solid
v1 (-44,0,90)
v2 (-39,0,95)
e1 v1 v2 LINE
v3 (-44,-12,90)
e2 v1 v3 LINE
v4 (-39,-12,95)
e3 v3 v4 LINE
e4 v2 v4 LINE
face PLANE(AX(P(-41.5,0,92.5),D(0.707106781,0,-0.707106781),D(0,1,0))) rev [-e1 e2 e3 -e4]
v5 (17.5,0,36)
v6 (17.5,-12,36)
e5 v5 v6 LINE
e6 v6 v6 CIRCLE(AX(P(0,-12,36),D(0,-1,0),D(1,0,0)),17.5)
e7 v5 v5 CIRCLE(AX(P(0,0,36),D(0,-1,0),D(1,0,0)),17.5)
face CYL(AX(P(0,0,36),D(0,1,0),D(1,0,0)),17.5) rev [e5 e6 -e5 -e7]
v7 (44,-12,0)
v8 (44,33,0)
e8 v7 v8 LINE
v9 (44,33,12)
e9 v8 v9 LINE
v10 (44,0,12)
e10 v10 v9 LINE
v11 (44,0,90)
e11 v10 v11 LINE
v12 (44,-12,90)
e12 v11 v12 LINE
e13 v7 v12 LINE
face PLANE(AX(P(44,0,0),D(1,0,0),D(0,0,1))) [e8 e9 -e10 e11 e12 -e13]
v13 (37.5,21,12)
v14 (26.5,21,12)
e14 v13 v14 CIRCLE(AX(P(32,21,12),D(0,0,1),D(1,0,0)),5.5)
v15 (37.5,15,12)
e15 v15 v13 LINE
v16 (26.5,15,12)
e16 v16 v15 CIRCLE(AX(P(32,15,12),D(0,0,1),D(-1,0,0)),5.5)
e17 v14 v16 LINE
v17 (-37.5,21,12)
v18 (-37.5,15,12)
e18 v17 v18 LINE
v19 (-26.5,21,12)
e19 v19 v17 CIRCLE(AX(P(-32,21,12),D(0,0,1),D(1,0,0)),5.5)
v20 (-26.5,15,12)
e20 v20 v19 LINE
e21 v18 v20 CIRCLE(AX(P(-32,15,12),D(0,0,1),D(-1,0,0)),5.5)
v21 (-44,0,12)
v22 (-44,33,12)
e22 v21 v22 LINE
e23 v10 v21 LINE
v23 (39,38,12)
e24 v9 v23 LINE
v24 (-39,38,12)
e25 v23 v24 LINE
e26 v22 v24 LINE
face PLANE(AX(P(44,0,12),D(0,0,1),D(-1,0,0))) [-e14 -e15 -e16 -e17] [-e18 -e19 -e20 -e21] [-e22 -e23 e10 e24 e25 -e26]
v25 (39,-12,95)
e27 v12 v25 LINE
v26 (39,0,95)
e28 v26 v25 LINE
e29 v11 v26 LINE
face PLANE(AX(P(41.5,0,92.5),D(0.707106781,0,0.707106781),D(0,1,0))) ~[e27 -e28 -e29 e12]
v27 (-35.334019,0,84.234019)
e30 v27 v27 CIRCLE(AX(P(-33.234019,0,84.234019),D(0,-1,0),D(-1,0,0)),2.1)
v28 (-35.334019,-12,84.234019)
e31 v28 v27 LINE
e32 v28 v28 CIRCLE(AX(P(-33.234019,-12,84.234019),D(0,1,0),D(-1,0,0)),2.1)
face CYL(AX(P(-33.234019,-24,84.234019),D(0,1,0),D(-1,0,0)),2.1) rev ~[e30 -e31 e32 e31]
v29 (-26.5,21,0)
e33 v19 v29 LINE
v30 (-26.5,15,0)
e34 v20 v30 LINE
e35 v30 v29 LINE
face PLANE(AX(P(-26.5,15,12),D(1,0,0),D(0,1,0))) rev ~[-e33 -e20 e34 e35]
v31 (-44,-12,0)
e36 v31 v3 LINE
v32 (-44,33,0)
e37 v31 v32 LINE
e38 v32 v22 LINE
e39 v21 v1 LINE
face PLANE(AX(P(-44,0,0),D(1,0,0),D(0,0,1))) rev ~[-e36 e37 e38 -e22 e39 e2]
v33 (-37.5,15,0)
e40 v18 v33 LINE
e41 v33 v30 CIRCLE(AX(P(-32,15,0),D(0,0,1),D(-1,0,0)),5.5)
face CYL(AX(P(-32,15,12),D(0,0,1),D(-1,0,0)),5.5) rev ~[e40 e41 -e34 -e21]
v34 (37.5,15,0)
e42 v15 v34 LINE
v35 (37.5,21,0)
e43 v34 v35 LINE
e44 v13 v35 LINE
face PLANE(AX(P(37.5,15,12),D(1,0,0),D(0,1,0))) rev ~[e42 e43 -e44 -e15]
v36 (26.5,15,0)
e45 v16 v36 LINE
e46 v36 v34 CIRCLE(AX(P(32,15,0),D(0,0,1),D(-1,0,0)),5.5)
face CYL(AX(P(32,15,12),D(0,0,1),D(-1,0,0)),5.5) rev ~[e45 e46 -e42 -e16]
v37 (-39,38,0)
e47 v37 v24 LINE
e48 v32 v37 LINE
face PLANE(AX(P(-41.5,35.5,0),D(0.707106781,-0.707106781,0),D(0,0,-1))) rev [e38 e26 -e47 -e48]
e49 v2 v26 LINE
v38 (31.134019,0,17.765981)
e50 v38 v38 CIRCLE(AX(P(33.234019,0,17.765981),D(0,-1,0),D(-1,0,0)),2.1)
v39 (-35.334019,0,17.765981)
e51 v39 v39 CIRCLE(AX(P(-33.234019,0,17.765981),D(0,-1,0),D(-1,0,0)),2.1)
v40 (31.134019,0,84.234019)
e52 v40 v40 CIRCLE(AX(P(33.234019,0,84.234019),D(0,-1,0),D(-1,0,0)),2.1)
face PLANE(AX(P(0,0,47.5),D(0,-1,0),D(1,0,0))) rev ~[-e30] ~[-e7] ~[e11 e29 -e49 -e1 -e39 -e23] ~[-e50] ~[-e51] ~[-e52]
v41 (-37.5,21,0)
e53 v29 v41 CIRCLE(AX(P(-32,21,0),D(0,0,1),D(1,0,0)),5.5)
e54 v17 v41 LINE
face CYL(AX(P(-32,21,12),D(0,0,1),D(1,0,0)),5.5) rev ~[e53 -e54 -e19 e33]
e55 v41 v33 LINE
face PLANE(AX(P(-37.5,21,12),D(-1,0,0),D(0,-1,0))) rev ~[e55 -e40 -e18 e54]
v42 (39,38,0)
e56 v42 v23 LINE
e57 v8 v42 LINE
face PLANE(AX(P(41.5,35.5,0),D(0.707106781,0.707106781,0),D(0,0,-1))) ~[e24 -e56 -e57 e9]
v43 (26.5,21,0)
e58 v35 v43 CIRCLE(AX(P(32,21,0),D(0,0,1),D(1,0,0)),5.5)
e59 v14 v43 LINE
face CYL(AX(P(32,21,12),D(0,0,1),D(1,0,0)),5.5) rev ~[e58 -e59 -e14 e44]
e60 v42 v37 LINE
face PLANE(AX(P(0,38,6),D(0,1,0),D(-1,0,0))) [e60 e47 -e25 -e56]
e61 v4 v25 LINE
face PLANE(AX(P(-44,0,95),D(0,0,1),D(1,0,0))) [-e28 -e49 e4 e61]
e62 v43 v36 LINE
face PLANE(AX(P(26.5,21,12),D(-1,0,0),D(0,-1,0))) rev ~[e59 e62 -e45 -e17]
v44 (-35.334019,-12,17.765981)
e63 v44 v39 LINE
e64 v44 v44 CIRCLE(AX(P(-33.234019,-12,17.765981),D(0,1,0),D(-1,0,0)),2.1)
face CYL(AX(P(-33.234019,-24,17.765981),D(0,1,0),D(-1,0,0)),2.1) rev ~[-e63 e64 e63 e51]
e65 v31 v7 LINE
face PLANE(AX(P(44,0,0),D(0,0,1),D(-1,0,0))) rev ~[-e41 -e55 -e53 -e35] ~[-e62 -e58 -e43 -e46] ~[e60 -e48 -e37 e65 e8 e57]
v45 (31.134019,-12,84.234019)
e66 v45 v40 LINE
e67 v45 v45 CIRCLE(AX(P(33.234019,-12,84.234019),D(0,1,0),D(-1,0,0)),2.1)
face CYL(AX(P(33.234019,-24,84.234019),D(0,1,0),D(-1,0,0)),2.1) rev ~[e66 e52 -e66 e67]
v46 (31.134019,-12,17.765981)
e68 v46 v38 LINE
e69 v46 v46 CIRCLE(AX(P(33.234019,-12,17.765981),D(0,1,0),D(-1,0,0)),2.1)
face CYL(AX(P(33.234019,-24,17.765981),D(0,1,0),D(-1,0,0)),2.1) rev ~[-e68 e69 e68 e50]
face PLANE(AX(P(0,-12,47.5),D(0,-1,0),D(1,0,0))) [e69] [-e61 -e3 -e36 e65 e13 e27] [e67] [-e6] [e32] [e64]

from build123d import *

# Parameters (mm, degrees)
F0_W     = 88
F0_H     = 95
F0_R     = 17.5
F1_DEPTH = 12
F2_W     = 88
F2_H     = 12
F3_DEPTH = 38
F5_DEPTH = 12
F7_D     = 4.2
F7_DEPTH = 12
F7_TIP   = 1.2618073
F8_SIZE  = 5


with BuildPart() as f1:
    # F0 (on Front) → F1 (new body)
    with BuildSketch(Plane.XZ):
        with Locations((0, 47.5)):
            Rectangle(F0_W, F0_H)
        with Locations((0, 36)):
            Circle(F0_R, mode=Mode.SUBTRACT)
    extrude(amount=F1_DEPTH)

    # F2 (on face) → F3 (join)
    with BuildSketch(Plane(origin=(0, 0, 0), x_dir=(-1, 0, 0), z_dir=(0, 1, 0))):
        with Locations((0, 6)):
            Rectangle(F2_W, F2_H)
    extrude(amount=F3_DEPTH)

    # F4 (on face) → F5 (cut, through all)
    with BuildSketch(Plane.XY.offset(12)):
        with BuildLine():
            ThreePointArc((26.5, 15), (32, 9.5), (37.5, 15))
            Line((37.5, 15), (37.5, 21))
            ThreePointArc((37.5, 21), (32, 26.5), (26.5, 21))
            Line((26.5, 21), (26.5, 15))
        make_face()
        with BuildLine():
            ThreePointArc((-37.5, 15), (-32, 9.5), (-26.5, 15))
            Line((-26.5, 15), (-26.5, 21))
            ThreePointArc((-26.5, 21), (-32, 26.5), (-37.5, 21))
            Line((-37.5, 21), (-37.5, 15))
        make_face()
    extrude(amount=-F5_DEPTH, mode=Mode.SUBTRACT)

    # F7
    with Locations(Plane.XZ.offset(12)):
        with Locations((-33.2340187158, 84.2340187158), (33.2340187158, 84.2340187158), (33.2340187158, 17.7659812842), (-33.2340187158, 17.7659812842)):
            Hole(F7_D / 2, depth=F7_DEPTH)
            with Locations((0, 0, -(F7_DEPTH + F7_TIP / 2))):  # 118° drill point
                Cone(0, F7_D / 2, F7_TIP, mode=Mode.SUBTRACT)

    # F8
    f8_edges = [f1.edges().sort_by_distance(p)[0] for p in [
        (-44, -6, 95),
        (44, -6, 95),
        (-44, 38, 6),
        (44, 38, 6),
    ]]
    chamfer(f8_edges, length=F8_SIZE)


solid = f1.part
